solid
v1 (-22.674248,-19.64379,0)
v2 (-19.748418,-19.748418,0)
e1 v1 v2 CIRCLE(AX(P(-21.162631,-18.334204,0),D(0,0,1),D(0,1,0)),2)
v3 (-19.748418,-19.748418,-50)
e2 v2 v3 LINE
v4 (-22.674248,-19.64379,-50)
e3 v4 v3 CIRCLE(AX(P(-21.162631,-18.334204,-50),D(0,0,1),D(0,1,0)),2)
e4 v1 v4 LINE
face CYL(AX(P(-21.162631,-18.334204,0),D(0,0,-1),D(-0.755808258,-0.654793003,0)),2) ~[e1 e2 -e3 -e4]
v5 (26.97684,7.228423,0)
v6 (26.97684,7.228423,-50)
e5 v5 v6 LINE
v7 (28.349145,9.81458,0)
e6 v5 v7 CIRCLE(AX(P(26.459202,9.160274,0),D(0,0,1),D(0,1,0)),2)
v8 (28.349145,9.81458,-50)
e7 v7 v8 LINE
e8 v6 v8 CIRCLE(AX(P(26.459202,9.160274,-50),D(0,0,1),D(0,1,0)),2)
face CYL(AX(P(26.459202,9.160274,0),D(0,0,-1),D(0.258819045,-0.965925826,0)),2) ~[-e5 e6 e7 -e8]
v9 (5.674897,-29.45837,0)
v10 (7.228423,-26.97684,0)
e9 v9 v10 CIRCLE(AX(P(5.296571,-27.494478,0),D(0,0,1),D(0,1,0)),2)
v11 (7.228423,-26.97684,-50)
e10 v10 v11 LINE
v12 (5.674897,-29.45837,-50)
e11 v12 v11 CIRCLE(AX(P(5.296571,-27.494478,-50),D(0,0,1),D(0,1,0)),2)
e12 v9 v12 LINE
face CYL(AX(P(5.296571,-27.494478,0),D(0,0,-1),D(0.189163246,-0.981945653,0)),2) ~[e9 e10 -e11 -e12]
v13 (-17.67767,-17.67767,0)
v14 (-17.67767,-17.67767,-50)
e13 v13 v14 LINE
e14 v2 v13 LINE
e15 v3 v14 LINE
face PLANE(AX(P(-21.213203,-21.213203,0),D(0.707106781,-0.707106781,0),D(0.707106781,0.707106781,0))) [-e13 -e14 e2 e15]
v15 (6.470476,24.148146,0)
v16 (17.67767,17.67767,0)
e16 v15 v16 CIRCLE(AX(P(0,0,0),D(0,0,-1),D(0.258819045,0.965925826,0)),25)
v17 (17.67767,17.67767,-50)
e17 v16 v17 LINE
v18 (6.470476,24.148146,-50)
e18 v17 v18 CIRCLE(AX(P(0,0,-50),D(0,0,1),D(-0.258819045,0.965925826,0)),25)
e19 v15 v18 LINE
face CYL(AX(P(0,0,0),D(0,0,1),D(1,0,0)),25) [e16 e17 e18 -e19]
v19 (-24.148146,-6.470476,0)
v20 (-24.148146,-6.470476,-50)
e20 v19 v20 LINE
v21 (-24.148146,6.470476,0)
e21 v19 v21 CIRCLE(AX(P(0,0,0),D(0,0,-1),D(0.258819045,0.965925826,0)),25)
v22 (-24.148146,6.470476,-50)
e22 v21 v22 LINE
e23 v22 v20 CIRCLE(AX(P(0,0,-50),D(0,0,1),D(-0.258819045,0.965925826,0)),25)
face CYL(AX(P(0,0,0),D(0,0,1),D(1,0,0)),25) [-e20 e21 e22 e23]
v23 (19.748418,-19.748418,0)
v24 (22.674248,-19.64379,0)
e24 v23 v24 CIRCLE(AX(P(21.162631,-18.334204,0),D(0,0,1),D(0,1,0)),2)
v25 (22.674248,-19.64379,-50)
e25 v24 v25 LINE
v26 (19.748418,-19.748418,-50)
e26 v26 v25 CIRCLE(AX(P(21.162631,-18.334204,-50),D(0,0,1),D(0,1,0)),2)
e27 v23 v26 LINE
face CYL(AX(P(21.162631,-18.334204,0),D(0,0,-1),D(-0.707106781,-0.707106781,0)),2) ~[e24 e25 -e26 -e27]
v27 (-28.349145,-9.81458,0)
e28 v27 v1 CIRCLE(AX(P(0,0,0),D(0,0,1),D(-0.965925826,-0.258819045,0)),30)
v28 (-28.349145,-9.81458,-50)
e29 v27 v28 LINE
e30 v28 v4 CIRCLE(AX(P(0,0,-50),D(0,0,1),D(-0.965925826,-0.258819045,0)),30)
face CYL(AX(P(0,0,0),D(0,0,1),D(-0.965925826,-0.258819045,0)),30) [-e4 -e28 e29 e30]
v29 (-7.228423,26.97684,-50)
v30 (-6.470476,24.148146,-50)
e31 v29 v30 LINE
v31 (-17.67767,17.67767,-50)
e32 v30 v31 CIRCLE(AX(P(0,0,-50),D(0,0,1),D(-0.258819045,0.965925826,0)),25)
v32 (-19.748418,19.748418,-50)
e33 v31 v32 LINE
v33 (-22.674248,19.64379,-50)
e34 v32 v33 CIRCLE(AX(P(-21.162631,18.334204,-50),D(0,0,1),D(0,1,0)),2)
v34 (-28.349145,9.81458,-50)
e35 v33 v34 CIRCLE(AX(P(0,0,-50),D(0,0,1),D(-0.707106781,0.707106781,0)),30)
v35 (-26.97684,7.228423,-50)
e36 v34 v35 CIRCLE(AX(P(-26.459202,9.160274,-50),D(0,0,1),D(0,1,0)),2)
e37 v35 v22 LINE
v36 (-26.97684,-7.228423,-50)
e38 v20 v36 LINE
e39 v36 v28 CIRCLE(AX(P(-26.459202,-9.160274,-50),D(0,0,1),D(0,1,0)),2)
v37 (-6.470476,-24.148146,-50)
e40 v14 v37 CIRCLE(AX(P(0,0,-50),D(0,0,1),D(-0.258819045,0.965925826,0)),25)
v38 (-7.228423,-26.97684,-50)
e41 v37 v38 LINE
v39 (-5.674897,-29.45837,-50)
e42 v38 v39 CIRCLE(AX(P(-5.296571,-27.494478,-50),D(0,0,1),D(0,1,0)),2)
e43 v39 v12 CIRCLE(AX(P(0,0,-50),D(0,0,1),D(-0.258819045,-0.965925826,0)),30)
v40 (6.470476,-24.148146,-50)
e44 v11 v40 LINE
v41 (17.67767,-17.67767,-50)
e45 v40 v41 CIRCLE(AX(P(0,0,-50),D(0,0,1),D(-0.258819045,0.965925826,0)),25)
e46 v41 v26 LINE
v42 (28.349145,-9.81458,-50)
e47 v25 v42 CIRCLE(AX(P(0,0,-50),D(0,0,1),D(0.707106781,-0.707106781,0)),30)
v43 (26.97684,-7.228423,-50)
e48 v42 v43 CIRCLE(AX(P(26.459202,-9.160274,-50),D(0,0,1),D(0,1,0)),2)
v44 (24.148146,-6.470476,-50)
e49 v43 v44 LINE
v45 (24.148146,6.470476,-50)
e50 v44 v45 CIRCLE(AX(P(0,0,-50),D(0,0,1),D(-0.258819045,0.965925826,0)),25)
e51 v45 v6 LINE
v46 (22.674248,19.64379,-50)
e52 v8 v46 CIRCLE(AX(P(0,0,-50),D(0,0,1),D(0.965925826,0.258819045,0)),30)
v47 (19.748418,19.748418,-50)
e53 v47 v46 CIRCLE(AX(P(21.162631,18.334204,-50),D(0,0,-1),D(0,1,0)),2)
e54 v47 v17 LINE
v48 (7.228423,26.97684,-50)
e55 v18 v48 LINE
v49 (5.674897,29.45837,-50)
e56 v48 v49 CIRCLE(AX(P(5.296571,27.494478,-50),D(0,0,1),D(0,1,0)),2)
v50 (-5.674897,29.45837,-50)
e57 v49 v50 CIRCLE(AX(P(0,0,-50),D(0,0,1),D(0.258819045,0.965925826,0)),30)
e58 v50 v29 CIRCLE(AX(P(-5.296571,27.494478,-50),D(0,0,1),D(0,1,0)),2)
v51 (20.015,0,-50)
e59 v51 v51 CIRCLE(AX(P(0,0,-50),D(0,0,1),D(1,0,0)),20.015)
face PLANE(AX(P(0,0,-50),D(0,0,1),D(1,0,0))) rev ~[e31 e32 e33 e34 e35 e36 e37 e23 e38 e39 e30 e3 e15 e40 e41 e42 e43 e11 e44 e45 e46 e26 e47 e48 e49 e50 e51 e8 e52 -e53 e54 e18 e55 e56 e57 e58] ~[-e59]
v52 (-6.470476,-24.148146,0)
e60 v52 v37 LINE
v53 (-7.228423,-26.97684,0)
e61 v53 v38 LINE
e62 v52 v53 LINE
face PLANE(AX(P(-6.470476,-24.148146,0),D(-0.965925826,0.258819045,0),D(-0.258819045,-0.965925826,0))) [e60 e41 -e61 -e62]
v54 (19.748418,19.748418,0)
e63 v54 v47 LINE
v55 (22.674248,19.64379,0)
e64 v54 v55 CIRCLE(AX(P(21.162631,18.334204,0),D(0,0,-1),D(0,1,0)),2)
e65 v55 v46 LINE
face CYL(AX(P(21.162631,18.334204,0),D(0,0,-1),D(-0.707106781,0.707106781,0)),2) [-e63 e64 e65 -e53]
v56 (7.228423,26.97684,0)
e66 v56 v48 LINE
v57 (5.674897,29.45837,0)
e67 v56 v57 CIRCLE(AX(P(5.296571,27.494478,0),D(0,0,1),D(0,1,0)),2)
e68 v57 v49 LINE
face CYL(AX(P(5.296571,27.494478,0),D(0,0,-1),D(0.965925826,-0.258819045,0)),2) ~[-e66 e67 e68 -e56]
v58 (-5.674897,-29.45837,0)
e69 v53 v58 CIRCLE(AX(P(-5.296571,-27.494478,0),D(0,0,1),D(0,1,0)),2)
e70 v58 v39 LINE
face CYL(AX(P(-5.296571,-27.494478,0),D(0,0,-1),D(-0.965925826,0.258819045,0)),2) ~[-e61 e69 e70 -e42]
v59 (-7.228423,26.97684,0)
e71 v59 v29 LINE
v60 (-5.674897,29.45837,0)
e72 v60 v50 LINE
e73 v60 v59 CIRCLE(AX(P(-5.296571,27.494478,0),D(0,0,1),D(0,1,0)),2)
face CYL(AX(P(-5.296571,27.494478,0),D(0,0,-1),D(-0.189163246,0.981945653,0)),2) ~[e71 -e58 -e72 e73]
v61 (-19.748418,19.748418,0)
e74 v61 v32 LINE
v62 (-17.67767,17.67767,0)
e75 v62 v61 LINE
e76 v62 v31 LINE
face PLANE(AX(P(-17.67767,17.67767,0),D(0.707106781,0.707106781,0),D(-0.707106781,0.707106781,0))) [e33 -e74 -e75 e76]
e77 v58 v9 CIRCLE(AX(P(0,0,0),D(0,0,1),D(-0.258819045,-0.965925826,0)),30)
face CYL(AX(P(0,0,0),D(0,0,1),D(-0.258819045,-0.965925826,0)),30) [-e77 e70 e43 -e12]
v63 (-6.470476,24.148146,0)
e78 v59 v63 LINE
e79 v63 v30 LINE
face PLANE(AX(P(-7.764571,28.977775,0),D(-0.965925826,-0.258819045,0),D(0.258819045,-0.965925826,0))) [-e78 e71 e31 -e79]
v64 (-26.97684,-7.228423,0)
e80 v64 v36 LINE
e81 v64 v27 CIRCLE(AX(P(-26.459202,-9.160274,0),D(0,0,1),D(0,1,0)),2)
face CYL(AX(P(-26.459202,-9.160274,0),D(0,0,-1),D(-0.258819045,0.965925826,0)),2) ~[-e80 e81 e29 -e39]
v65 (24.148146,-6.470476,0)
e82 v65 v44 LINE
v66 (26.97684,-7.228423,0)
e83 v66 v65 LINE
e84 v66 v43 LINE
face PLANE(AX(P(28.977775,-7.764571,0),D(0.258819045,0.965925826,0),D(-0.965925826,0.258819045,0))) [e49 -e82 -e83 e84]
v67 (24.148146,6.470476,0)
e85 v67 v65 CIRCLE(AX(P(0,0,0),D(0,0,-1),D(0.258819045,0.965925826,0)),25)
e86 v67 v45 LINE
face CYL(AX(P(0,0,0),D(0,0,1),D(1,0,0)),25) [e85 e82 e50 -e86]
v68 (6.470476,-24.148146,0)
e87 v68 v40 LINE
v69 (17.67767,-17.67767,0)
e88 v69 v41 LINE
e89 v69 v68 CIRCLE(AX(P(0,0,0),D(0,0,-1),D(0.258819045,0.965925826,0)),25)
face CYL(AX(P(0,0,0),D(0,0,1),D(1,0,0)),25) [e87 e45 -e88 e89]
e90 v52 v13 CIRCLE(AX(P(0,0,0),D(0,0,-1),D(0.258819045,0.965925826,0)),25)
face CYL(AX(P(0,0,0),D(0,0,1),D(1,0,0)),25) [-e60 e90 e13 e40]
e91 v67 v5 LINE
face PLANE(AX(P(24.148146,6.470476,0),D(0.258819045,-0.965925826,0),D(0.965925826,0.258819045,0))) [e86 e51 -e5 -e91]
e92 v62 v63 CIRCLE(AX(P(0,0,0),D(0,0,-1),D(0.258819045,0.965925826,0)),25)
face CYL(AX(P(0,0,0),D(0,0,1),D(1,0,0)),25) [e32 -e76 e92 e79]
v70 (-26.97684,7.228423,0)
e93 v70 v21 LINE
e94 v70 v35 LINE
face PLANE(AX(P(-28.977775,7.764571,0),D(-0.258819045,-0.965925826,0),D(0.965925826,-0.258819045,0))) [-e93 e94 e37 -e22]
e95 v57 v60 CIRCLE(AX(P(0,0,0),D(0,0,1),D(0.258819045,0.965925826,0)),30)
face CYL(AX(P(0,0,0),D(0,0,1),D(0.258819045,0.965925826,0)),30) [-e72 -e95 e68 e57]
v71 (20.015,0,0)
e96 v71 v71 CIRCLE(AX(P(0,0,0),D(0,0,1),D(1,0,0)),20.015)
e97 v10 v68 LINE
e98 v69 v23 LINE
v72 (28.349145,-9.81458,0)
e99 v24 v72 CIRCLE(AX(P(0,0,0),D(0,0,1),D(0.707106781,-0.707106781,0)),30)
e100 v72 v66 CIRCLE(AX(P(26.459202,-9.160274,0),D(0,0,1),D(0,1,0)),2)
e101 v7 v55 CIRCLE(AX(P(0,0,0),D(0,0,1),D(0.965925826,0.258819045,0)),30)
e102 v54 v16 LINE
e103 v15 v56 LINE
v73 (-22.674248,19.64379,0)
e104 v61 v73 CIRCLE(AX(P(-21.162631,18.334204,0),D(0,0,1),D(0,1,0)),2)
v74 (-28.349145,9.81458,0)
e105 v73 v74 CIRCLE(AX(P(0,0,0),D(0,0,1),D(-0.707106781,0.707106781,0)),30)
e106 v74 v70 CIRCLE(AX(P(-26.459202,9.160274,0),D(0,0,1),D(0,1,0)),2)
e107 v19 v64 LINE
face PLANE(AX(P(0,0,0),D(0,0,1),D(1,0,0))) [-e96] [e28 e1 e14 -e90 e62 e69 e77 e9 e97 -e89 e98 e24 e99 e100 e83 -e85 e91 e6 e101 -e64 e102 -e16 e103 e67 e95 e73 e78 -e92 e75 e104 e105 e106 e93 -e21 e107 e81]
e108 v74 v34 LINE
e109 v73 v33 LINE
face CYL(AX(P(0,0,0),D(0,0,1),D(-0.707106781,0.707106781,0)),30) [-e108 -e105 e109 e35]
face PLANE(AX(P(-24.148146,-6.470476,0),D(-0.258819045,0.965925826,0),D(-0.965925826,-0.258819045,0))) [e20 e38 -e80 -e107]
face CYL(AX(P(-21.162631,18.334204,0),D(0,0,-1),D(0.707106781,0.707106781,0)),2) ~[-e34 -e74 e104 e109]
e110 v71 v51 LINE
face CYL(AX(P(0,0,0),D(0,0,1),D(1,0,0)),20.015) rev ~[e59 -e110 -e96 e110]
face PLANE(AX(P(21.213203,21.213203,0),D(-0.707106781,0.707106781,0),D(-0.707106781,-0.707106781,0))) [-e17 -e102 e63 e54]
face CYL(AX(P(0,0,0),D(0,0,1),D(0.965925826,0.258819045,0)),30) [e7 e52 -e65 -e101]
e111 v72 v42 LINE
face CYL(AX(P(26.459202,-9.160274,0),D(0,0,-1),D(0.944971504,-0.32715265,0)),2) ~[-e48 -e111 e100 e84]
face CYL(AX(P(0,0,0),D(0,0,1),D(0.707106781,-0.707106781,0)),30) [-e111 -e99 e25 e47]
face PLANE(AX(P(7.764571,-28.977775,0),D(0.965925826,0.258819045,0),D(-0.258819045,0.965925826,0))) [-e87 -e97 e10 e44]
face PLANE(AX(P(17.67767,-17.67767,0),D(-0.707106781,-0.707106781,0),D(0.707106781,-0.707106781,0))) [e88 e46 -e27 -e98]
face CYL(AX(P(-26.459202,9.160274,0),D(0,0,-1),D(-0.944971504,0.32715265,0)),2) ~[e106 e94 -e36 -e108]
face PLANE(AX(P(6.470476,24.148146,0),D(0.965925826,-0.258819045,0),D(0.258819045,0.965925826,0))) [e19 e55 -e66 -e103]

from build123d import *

# Parameters (mm, degrees)
SKETCH1_R                = 25
SKETCH1_R_2              = 20.015
BOSS_EXTRUDE1_DEPTH      = 50
BOSS_EXTRUDE2_DEPTH      = 50
FILLET1_R                = 2
CIRPATTERN1_COUNT        = 6
FILLET1_OF_CIRPATTERN1_R = 2


with BuildPart() as part:
    # Sketch1 → Boss-Extrude1 (new body)
    with BuildSketch(Plane.XY):
        Circle(SKETCH1_R)
        Circle(SKETCH1_R_2, mode=Mode.SUBTRACT)
    extrude(amount=-BOSS_EXTRUDE1_DEPTH)

    # Sketch2 → Boss-Extrude2 (add)
    with BuildSketch(Plane.XY):
        with BuildLine():
            Line((6.470476128, 24.148145657), (7.764571353, 28.977774789))
            ThreePointArc((7.764571353, 28.977774789), (0, 30), (-7.764571353, 28.977774789))
            Line((-7.764571353, 28.977774789), (-6.470476128, 24.148145657))
            ThreePointArc((-6.470476128, 24.148145657), (0, 25), (6.470476128, 24.148145657))
        make_face()
    boss_extrude2 = extrude(amount=-BOSS_EXTRUDE2_DEPTH)

    # Fillet1
    fillet1_edges = [part.edges().sort_by_distance(p)[0] for p in [
        (-7.764571353, 28.977774789, -25),
        (7.764571353, 28.977774789, -25),
    ]]
    fillet(fillet1_edges, radius=FILLET1_R)

    # CirPattern1: Boss-Extrude2 ×6 about axis
    cirpattern1_axis = Axis((0, 0, 0), (0, 0, 1))
    for i in range(1, CIRPATTERN1_COUNT):
        add(boss_extrude2.rotate(cirpattern1_axis, i * 360 / CIRPATTERN1_COUNT))

    # Fillet1 of CirPattern1
    fillet1_of_cirpattern1_edges = [part.edges().sort_by_distance(p)[0] for p in [
        (-28.977774789, 7.764571353, -25),
        (-21.213203436, 21.213203436, -25),
        (-21.213203436, -21.213203436, -25),
        (-28.977774789, -7.764571353, -25),
        (7.764571353, -28.977774789, -25),
        (-7.764571353, -28.977774789, -25),
        (28.977774789, -7.764571353, -25),
        (21.213203436, -21.213203436, -25),
        (21.213203436, 21.213203436, -25),
        (28.977774789, 7.764571353, -25),
    ]]
    fillet(fillet1_of_cirpattern1_edges, radius=FILLET1_OF_CIRPATTERN1_R)


solid = part.part
